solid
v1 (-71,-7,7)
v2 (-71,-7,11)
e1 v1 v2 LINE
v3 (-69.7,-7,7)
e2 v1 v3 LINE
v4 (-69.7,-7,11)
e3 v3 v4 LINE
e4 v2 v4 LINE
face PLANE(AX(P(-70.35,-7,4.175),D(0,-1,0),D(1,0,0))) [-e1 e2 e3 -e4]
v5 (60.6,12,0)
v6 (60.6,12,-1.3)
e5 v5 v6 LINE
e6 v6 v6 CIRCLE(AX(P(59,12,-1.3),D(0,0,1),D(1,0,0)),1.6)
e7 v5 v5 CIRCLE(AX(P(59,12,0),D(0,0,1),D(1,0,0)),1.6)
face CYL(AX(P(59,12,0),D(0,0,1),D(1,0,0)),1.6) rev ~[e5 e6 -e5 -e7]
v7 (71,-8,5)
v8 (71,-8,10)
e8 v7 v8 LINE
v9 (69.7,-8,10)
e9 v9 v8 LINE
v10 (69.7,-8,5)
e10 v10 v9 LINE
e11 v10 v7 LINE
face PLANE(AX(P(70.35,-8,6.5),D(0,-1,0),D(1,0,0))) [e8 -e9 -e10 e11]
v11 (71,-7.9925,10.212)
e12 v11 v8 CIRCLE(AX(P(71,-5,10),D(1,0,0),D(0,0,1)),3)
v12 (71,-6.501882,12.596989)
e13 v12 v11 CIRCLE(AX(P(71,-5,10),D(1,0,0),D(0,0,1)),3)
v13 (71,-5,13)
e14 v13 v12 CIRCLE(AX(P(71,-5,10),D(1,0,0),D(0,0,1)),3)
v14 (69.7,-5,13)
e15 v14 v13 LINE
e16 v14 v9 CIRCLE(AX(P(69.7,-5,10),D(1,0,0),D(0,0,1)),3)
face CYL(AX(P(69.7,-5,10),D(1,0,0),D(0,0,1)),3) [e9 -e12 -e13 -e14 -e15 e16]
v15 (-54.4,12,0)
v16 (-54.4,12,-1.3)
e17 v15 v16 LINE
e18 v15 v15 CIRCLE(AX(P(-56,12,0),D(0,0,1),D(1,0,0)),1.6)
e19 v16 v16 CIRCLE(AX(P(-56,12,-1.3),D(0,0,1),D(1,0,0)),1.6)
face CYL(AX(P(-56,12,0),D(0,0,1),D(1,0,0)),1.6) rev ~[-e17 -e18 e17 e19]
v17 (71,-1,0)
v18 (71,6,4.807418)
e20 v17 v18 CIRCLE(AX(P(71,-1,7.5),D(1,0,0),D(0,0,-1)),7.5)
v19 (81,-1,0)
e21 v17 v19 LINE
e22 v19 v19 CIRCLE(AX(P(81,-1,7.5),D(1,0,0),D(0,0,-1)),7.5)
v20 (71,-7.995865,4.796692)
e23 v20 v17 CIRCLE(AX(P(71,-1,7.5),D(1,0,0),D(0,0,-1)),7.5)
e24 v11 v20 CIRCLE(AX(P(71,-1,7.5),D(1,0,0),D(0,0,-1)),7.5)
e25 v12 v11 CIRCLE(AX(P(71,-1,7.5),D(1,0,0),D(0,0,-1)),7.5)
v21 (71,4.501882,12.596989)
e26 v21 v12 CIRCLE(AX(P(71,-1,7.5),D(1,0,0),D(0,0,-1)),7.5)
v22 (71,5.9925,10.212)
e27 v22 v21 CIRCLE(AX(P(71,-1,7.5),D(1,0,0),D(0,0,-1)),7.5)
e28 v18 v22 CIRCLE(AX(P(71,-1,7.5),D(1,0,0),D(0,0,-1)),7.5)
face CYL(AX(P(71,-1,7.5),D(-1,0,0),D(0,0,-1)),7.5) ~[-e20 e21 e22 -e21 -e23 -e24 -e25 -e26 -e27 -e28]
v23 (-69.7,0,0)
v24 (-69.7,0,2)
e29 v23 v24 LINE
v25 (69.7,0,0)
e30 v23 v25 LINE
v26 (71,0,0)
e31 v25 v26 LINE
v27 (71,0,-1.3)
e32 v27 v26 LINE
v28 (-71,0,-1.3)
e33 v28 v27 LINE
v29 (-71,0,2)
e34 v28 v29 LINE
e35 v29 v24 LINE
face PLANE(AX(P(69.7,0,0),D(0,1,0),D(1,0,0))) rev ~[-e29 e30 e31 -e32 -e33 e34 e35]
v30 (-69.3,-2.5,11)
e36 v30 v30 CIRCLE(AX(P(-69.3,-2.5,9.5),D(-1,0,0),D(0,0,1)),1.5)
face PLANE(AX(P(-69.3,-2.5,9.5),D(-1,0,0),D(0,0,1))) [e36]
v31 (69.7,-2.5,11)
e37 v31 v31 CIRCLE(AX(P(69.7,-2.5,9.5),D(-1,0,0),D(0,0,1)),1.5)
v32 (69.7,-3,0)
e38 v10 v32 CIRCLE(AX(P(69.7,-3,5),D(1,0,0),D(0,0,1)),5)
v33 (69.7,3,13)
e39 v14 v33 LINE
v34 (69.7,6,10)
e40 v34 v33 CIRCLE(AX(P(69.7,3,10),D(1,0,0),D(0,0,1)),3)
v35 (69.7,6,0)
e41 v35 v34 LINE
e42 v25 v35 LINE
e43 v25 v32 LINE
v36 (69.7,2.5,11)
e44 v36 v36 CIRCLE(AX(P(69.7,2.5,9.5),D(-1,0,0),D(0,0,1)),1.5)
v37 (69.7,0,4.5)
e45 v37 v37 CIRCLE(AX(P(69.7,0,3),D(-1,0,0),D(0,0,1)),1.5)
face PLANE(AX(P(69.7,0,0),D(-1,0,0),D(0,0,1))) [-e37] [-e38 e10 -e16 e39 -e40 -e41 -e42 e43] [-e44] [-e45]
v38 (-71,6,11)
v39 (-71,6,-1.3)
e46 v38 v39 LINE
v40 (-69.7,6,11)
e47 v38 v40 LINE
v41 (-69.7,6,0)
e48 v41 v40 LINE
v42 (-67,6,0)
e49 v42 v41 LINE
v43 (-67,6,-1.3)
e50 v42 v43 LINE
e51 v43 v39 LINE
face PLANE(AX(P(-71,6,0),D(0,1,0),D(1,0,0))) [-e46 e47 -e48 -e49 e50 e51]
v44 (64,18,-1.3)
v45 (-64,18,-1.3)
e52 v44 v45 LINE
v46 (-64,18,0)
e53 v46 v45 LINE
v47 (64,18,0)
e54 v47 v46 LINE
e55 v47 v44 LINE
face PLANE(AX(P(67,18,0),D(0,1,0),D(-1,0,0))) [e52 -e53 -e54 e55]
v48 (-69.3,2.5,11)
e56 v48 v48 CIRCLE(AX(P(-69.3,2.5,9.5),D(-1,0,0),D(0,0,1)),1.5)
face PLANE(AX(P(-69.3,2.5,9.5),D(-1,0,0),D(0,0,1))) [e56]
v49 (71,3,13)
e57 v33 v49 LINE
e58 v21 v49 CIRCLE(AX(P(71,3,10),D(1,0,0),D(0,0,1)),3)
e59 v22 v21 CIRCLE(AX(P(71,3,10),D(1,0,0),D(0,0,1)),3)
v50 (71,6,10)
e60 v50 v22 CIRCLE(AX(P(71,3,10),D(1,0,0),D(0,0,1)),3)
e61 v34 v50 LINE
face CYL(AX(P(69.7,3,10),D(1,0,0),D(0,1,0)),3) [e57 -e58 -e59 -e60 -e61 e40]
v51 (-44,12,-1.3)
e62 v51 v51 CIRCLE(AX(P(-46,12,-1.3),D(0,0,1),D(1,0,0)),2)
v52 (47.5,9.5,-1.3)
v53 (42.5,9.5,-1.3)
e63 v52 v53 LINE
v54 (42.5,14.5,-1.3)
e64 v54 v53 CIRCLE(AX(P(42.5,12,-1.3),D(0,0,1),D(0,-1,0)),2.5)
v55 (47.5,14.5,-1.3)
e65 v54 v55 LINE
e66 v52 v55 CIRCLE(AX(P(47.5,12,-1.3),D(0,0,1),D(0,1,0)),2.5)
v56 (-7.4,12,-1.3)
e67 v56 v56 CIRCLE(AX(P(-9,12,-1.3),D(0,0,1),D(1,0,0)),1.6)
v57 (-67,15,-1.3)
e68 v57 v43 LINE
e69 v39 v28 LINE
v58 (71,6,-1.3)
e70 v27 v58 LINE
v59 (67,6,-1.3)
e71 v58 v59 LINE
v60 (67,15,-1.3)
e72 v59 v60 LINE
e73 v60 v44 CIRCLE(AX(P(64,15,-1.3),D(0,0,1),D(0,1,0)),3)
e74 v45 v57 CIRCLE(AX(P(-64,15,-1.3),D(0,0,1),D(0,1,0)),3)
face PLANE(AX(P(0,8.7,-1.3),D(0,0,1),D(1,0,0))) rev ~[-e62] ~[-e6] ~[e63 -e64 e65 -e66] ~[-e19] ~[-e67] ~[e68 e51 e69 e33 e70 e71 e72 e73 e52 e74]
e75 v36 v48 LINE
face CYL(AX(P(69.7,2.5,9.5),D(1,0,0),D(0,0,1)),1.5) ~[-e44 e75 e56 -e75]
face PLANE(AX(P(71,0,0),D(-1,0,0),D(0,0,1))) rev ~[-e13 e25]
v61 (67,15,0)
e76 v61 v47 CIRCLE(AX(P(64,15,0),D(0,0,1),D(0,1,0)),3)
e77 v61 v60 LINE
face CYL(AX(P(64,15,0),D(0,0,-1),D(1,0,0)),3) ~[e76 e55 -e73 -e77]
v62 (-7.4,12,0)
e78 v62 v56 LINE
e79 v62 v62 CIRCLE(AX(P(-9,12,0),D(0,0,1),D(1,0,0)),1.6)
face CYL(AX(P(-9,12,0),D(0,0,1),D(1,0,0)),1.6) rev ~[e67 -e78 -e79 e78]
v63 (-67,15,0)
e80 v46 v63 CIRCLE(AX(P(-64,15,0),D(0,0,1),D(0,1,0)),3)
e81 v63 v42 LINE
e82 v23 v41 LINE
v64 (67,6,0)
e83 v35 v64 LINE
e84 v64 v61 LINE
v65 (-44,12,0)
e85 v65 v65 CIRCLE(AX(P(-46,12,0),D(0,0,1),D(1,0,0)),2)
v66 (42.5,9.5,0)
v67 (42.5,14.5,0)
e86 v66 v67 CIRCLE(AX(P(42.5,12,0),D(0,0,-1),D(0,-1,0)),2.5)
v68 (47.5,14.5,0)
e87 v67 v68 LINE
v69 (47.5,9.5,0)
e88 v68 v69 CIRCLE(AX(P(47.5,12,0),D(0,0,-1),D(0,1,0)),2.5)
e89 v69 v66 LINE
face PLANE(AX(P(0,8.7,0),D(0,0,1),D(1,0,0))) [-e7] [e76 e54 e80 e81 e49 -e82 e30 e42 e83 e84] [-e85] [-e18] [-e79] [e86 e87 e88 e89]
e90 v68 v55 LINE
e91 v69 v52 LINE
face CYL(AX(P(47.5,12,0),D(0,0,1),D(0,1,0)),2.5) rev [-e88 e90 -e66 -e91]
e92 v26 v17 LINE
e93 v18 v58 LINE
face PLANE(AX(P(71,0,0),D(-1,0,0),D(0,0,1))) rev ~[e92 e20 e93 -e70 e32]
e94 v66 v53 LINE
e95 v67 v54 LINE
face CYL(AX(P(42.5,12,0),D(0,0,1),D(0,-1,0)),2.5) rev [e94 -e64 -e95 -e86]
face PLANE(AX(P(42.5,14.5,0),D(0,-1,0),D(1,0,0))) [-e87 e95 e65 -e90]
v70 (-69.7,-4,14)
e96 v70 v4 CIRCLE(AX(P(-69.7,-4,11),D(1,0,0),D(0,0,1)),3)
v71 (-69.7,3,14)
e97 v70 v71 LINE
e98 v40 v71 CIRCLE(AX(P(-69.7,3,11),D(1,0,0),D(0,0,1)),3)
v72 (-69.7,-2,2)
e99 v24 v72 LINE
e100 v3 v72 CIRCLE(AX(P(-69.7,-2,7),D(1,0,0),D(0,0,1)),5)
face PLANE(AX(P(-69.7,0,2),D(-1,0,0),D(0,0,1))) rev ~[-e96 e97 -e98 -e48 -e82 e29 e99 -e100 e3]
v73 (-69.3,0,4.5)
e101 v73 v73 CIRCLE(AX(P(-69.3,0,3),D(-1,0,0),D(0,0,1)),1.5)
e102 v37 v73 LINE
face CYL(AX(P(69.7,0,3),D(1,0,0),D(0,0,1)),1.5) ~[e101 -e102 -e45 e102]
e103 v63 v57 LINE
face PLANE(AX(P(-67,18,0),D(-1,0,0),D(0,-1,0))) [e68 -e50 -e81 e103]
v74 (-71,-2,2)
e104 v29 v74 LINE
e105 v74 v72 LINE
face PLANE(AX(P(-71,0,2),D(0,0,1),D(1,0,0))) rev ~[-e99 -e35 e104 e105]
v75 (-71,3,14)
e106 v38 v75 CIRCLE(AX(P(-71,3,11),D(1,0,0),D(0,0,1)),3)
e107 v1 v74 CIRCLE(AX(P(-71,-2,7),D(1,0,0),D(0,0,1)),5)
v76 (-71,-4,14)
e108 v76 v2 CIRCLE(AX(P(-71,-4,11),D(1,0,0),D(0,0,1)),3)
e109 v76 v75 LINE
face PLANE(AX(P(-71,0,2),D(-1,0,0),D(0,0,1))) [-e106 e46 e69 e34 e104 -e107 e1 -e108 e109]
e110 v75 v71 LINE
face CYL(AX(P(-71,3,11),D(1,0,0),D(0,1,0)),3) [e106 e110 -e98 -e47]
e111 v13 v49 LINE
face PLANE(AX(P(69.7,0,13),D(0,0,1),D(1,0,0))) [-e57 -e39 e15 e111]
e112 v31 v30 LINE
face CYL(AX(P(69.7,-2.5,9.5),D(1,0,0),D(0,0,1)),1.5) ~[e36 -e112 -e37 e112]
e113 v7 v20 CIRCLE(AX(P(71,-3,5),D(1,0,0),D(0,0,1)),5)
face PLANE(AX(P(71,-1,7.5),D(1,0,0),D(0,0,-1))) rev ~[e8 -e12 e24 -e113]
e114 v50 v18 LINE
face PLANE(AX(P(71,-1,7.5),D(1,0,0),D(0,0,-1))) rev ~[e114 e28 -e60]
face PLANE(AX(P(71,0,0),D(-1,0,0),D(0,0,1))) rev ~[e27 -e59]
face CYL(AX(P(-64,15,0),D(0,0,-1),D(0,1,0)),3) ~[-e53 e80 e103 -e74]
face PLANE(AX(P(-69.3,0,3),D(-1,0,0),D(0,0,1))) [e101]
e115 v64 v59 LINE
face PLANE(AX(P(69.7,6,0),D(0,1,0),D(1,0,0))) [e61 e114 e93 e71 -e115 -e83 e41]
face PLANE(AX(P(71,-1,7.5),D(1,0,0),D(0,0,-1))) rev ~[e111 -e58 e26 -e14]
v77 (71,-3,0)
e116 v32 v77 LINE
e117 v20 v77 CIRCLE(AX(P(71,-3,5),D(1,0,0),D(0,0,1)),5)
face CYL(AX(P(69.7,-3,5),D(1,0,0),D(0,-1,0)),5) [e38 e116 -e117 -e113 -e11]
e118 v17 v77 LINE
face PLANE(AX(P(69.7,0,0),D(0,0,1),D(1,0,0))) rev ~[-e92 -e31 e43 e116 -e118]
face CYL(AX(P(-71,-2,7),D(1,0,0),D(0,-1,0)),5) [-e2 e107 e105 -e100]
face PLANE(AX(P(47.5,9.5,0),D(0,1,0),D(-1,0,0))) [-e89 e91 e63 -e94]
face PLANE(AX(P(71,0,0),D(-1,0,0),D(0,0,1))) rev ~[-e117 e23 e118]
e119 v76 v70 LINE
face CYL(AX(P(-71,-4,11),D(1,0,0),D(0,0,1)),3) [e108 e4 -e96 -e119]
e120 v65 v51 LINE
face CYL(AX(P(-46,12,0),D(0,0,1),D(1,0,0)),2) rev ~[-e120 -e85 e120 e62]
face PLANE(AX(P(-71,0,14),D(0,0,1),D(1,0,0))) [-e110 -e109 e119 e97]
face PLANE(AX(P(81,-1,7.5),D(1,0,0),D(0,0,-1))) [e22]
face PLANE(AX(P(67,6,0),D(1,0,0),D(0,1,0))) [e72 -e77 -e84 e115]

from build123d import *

# Parameters (mm, degrees)
EXTRUDE_1_DEPTH     = 1.3
FILLET_1_R          = 3
SKETCH_2_W          = 1.3
SKETCH_2_H          = 6
EXTRUDE_2_DEPTH     = 14
FILLET_2_R          = 3
SKETCH_3_W          = 1.3
SKETCH_3_H          = 7.65
EXTRUDE_3_DEPTH     = 7
SKETCH_4_W          = 1.3
SKETCH_4_H          = 4.35
EXTRUDE_4_DEPTH     = 7
FILLET_3_R          = 3
FILLET_4_R          = 5
SKETCH_6_W          = 1.3
SKETCH_6_H          = 6
EXTRUDE_5_DEPTH     = 13
SKETCH_7_W          = 1.3
SKETCH_7_H          = 13
EXTRUDE_6_DEPTH     = 8
FILLET_5_R          = 3
FILLET_6_R          = 5
SKETCH_8_R          = 1.6
SKETCH_8_R_2        = 2
CUT_EXTRUDE_1_DEPTH = 8
SKETCH_9_R          = 7.5
EXTRUDE_7_DEPTH     = 10
SKETCH_10_R         = 1.5
EXTRUDE_10_DEPTH    = 139


with BuildPart() as part:
    # 草图1 → 凸台-拉伸1 (new body)
    with BuildSketch(Plane.XY):
        Polygon((-71, 0), (0, 0), (71, 0), (71, 6), (67, 6), (67, 18), (-67, 18), (-67, 6), (-71, 6), align=None)
    extrude(amount=-EXTRUDE_1_DEPTH)

    # 圆角1
    fillet_1_edges = [part.edges().sort_by_distance(p)[0] for p in [
        (-67, 18, -0.65),
        (67, 18, -0.65),
    ]]
    fillet(fillet_1_edges, radius=FILLET_1_R)

    # 草图2 → 凸台-拉伸2 (add)
    with BuildSketch(Plane.XY):
        with Locations((-70.35, 3)):
            Rectangle(SKETCH_2_W, SKETCH_2_H)
    extrude(amount=EXTRUDE_2_DEPTH)

    # 圆角2
    fillet_2_edges = [part.edges().sort_by_distance(p)[0] for p in [
        (-70.35, 6, 14),
    ]]
    fillet(fillet_2_edges, radius=FILLET_2_R)

    # 草图3 → 凸台-拉伸3 (add)
    with BuildSketch(Plane.XZ):
        with Locations((-70.35, 10.175)):
            Rectangle(SKETCH_3_W, SKETCH_3_H)
    extrude(amount=EXTRUDE_3_DEPTH)

    # 草图4 → 凸台-拉伸4 (add)
    with BuildSketch(Plane.XZ):
        with Locations((-70.35, 4.175)):
            Rectangle(SKETCH_4_W, SKETCH_4_H)
    extrude(amount=EXTRUDE_4_DEPTH)

    # 圆角3
    fillet_3_edges = [part.edges().sort_by_distance(p)[0] for p in [
        (-70.35, -7, 14),
    ]]
    fillet(fillet_3_edges, radius=FILLET_3_R)

    # 圆角4
    fillet_4_edges = [part.edges().sort_by_distance(p)[0] for p in [
        (-70.35, -7, 2),
    ]]
    fillet(fillet_4_edges, radius=FILLET_4_R)

    # 草图6 → 凸台-拉伸5 (add)
    with BuildSketch(Plane.XY):
        with Locations((70.35, 3)):
            Rectangle(SKETCH_6_W, SKETCH_6_H)
    extrude(amount=EXTRUDE_5_DEPTH)

    # 草图7 → 凸台-拉伸6 (add)
    with BuildSketch(Plane.XZ):
        with Locations((70.35, 6.5)):
            Rectangle(SKETCH_7_W, SKETCH_7_H)
    extrude(amount=EXTRUDE_6_DEPTH)

    # 圆角5
    fillet_5_edges = [part.edges().sort_by_distance(p)[0] for p in [
        (70.35, 6, 13),
        (70.35, -8, 13),
    ]]
    fillet(fillet_5_edges, radius=FILLET_5_R)

    # 圆角6
    fillet_6_edges = [part.edges().sort_by_distance(p)[0] for p in [
        (70.35, -8, 0),
    ]]
    fillet(fillet_6_edges, radius=FILLET_6_R)

    # 草图8 → 切除-拉伸1 (cut)
    with BuildSketch(Plane.XY):
        with Locations((-56, 12)):
            Circle(SKETCH_8_R)
        with Locations((-46, 12)):
            Circle(SKETCH_8_R_2)
        with Locations((-9, 12)):
            Circle(SKETCH_8_R)
        with Locations((59, 12)):
            Circle(SKETCH_8_R)
        with BuildLine():
            Line((42.5, 14.5), (47.5, 14.5))
            ThreePointArc((47.5, 14.5), (50, 12), (47.5, 9.5))
            Line((47.5, 9.5), (42.5, 9.5))
            ThreePointArc((42.5, 9.5), (40, 12), (42.5, 14.5))
        make_face()
    extrude(amount=-CUT_EXTRUDE_1_DEPTH, mode=Mode.SUBTRACT)

    # 草图9 → 凸台-拉伸7 (add)
    with BuildSketch(Plane(origin=(71, 0, 0), x_dir=(0, 0, -1), z_dir=(1, 0, 0))):
        with Locations((-7.5, -1)):
            Circle(SKETCH_9_R)
    extrude(amount=EXTRUDE_7_DEPTH)

    # 草图10 → 凸台-拉伸10 (add)
    with BuildSketch(Plane.ZY.offset(-69.7)):
        with Locations((9.5, 2.5)):
            Circle(SKETCH_10_R)
        with Locations((9.5, -2.5)):
            Circle(SKETCH_10_R)
        with Locations((3, 0)):
            Circle(SKETCH_10_R)
    extrude(amount=EXTRUDE_10_DEPTH)


solid = part.part
